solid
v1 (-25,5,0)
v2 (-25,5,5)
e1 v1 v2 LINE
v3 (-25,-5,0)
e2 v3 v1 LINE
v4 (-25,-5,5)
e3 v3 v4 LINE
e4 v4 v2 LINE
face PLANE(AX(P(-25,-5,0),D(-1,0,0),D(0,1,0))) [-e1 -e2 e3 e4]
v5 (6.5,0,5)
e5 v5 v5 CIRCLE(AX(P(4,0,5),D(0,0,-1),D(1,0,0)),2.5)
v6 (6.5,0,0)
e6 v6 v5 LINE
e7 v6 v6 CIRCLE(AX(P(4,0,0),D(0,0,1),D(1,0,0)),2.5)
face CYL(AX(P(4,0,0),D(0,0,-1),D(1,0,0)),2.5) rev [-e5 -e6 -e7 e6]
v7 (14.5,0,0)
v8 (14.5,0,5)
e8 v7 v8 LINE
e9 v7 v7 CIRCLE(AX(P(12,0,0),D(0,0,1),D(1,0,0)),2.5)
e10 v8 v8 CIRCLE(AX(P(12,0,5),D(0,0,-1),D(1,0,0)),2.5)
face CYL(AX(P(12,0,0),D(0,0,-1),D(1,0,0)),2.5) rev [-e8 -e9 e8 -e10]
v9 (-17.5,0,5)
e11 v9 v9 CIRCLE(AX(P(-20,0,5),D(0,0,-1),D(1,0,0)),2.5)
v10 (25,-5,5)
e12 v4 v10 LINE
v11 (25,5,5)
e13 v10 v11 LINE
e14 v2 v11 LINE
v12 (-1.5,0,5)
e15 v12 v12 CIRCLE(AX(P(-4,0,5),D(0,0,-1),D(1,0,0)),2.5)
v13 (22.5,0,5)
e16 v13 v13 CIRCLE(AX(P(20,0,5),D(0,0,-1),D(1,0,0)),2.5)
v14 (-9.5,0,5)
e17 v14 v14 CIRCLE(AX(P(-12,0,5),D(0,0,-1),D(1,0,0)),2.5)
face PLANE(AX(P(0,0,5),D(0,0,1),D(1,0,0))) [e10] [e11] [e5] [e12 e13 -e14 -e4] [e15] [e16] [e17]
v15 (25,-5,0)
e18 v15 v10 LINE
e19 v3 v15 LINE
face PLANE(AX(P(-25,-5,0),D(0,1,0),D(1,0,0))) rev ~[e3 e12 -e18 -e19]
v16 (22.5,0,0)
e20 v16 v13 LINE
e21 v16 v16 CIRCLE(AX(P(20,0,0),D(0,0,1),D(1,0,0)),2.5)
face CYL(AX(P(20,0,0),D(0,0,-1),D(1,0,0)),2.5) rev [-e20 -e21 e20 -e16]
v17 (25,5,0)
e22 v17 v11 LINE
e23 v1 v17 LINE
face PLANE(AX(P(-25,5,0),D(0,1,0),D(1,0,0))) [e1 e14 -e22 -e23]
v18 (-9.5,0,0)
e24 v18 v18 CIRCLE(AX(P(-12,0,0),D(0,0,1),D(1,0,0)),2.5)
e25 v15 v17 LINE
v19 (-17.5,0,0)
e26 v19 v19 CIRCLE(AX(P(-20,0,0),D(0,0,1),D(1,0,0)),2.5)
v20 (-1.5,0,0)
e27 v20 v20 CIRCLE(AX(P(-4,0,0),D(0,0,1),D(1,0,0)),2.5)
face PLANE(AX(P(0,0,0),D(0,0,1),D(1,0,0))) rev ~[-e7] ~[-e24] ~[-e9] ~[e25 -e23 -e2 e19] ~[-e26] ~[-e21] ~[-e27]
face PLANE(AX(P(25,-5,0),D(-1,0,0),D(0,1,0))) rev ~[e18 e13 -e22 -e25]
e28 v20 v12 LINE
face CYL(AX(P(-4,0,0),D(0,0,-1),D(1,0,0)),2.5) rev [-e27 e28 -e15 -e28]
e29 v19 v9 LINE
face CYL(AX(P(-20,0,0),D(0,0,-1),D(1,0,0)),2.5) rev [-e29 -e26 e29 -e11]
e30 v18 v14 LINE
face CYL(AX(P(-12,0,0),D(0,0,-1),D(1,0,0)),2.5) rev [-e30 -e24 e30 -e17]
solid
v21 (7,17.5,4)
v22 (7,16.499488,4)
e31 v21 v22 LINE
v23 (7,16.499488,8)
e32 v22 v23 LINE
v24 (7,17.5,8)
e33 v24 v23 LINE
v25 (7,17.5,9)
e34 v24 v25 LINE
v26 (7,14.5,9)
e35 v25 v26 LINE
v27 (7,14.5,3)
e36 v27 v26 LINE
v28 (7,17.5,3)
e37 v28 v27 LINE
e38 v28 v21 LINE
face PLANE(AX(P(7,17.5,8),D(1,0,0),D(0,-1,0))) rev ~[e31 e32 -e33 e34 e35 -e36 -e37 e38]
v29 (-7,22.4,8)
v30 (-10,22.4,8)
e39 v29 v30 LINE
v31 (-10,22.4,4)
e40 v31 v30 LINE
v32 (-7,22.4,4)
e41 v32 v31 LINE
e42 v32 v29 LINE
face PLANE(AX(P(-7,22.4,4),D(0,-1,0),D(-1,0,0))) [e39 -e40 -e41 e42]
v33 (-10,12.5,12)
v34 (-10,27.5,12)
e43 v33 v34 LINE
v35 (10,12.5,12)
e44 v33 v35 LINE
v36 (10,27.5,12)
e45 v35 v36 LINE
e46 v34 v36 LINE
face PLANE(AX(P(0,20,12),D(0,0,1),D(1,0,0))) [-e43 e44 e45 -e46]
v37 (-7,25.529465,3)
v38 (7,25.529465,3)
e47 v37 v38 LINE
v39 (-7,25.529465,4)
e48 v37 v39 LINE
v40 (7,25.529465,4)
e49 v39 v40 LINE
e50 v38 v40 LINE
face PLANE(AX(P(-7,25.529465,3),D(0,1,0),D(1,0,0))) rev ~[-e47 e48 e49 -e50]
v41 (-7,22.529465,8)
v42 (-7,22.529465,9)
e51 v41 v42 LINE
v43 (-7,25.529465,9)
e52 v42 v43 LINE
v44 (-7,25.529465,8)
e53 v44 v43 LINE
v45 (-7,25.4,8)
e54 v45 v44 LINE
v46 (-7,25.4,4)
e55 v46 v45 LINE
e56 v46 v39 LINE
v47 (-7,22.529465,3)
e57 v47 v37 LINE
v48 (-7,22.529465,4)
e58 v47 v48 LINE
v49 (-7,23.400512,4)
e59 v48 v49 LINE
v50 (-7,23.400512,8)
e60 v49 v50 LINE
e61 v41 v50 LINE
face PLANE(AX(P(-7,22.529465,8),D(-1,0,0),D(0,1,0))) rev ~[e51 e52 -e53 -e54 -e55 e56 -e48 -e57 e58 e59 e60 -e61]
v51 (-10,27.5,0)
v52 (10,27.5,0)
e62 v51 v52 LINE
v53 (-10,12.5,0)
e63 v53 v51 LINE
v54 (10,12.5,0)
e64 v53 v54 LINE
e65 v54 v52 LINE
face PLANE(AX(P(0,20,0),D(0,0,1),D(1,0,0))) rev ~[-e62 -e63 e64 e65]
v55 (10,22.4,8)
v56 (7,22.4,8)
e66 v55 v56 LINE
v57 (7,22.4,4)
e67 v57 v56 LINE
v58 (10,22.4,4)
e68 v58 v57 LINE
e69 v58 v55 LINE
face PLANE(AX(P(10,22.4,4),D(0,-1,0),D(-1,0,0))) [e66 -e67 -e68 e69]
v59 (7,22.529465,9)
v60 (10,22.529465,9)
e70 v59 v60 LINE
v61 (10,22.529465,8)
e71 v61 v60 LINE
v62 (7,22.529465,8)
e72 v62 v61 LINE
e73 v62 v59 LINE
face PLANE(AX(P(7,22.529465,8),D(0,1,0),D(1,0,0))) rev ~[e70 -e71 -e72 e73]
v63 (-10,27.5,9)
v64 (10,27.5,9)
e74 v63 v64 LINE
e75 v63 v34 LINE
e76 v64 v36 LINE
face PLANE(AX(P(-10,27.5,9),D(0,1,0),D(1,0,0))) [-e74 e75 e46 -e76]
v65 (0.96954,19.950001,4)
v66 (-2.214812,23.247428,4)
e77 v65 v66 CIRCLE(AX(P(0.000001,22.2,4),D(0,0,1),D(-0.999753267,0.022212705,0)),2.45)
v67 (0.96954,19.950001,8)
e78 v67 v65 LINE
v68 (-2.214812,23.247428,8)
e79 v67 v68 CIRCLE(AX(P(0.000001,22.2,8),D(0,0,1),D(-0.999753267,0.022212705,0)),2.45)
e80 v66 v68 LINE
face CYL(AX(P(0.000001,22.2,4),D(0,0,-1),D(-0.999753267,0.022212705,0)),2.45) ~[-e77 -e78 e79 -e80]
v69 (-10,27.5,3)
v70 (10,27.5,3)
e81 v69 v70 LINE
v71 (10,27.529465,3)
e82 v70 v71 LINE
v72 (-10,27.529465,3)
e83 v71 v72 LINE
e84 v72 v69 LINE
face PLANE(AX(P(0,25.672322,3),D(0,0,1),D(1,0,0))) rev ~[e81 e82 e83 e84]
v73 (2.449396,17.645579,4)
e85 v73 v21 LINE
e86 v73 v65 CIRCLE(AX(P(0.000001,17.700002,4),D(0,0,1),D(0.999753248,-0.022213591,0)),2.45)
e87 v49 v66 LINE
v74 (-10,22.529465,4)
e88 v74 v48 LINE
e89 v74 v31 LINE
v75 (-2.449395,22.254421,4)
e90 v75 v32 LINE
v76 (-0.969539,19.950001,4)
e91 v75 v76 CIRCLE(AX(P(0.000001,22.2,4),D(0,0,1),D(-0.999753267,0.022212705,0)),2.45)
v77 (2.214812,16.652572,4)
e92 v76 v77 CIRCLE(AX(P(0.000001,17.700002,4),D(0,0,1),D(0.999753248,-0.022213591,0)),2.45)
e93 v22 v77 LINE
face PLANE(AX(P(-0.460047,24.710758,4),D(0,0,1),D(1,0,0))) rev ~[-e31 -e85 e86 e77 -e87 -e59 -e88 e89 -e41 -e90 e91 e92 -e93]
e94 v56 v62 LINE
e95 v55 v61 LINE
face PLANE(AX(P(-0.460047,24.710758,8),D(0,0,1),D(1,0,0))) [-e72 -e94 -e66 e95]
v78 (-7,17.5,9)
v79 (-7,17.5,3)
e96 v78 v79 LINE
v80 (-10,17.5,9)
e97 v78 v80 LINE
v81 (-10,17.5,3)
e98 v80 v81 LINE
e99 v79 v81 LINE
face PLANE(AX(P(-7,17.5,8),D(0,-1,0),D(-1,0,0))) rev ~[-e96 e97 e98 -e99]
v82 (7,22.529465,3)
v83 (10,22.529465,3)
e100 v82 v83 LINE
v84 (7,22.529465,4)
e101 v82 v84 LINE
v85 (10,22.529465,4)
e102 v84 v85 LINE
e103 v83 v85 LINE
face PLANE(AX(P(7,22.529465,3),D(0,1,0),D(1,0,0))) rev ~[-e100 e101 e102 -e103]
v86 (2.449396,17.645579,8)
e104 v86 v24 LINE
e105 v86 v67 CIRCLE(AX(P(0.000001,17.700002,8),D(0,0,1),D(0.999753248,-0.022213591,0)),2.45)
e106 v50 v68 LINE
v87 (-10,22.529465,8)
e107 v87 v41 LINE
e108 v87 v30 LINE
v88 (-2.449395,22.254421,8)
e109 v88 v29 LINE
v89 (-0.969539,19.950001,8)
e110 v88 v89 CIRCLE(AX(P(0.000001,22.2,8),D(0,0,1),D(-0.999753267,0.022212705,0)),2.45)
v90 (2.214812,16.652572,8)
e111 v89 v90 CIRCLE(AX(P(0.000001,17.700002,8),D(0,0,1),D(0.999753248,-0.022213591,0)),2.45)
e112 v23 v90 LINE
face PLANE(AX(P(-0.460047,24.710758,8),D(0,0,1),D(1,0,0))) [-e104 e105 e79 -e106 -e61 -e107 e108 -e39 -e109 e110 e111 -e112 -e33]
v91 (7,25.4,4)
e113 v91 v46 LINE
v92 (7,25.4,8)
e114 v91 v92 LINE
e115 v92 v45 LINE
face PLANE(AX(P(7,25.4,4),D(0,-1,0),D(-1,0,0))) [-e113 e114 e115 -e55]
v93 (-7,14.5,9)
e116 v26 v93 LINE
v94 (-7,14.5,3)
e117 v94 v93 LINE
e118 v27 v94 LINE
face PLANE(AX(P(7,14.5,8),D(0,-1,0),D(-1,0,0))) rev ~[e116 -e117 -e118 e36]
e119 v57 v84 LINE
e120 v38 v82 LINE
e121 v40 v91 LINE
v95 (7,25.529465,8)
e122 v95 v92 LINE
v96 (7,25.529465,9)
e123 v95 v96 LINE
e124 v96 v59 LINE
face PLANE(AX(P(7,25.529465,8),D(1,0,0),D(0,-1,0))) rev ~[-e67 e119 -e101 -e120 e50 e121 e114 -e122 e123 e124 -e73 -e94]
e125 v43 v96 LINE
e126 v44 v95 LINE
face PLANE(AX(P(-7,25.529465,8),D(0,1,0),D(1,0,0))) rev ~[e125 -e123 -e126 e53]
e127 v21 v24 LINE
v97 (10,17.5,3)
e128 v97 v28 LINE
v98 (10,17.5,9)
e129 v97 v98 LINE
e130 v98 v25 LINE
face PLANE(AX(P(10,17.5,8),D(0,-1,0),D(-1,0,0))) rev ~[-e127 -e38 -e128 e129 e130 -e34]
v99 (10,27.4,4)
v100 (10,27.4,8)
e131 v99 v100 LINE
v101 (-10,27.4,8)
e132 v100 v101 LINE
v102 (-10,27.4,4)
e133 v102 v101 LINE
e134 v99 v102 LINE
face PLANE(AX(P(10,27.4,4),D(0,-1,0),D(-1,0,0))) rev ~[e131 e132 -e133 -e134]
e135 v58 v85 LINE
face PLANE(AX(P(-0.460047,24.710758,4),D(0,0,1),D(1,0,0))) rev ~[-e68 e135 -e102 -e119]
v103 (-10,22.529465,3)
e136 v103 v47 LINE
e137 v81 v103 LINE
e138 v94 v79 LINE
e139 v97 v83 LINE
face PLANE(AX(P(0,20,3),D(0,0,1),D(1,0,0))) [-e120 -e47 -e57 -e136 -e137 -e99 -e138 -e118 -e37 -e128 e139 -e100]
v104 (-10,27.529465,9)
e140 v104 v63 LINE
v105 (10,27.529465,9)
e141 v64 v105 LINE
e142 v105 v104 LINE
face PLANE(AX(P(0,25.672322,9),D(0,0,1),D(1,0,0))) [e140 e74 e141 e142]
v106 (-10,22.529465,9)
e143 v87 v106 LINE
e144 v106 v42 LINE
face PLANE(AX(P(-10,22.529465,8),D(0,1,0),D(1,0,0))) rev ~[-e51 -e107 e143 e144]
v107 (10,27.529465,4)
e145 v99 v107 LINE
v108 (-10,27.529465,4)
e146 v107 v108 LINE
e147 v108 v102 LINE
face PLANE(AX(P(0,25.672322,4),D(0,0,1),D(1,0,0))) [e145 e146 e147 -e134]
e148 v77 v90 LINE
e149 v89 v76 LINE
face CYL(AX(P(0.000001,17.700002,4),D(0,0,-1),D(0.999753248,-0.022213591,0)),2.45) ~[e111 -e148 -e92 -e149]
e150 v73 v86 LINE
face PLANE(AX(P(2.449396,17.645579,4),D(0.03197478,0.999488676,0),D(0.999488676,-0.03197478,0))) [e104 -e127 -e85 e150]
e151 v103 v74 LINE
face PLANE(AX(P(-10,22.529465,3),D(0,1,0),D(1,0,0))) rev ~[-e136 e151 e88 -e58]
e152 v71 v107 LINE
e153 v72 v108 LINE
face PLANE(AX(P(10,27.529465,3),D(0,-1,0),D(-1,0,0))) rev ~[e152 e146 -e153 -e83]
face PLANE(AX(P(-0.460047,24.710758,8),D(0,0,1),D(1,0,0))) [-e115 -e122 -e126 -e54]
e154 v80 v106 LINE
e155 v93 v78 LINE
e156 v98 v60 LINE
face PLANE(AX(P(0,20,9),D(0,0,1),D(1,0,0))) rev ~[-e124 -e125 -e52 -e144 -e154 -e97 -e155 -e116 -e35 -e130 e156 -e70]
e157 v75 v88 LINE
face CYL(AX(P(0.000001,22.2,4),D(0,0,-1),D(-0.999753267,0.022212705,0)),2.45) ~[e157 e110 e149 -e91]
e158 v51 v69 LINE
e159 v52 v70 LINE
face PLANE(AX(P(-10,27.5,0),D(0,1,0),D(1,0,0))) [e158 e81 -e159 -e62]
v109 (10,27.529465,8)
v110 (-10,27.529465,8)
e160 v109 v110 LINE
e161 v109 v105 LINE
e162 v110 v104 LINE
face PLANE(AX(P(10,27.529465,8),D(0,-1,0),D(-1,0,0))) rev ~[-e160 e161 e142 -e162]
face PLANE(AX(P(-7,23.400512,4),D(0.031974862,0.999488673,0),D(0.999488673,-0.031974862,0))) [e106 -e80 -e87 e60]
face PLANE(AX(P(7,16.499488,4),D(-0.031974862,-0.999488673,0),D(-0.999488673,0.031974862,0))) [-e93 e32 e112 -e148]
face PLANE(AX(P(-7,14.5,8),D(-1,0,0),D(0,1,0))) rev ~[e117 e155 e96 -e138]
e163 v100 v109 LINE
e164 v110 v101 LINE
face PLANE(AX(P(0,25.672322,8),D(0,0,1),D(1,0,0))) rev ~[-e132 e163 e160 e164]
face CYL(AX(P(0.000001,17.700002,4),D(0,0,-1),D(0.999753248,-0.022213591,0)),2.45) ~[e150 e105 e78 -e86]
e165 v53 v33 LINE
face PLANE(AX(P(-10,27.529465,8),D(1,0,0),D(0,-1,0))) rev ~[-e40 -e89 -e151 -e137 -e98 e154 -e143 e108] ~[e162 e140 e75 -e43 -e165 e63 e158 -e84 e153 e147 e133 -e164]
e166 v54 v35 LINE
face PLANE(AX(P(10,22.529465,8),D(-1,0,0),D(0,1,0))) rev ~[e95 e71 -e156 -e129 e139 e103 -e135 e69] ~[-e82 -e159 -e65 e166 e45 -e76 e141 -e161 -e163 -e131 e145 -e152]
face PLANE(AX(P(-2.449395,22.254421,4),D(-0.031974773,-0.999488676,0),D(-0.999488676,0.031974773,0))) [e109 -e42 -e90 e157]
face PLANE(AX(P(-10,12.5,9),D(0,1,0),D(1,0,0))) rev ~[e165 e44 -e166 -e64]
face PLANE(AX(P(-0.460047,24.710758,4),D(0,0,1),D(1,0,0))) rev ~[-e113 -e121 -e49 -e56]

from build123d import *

# Parameters (mm, degrees)
SKETCH_W            = 50
SKETCH_H            = 10
PAD_DEPTH           = 5
SKETCH001_R         = 2.5
POCKET_DEPTH        = 5.001
LINEARPATTERN_COUNT = 6
LINEARPATTERN_PITCH = 8
SKETCH002_W         = 20
SKETCH002_H         = 15
PAD001_DEPTH        = 3
PAD002_DEPTH        = 1
PAD003_DEPTH        = 4
PAD004_DEPTH        = 1
SKETCH007_W         = 20
SKETCH007_H         = 15
PAD005_DEPTH        = 3
PAD006_DEPTH        = 1
PAD007_DEPTH        = 4
PAD008_DEPTH        = 1


with BuildPart() as body:
    # Sketch → Pad (new body)
    with BuildSketch(Plane.XY):
        Rectangle(SKETCH_W, SKETCH_H)
    extrude(amount=PAD_DEPTH)

    # Sketch001 → Pocket (cut, through all)
    with BuildSketch(Plane.XY):
        with Locations((-20, 0)):
            Circle(SKETCH001_R)
    pocket = extrude(amount=POCKET_DEPTH, mode=Mode.SUBTRACT)

    # LinearPattern: Pocket ×6
    with Locations(*[(i * LINEARPATTERN_PITCH, 0, 0) for i in range(1, LINEARPATTERN_COUNT)]):
        add(pocket, mode=Mode.SUBTRACT)


with BuildPart() as body001:
    # Sketch002 → Pad001 (new body)
    with BuildSketch(Plane.XY):
        with Locations((0, 20)):
            Rectangle(SKETCH002_W, SKETCH002_H)
    extrude(amount=PAD001_DEPTH)

    # Sketch003 (on DatumPlane) → Pad002 (join)
    with BuildSketch(Plane.XY.offset(3)):
        Polygon((-10, 12.5), (10, 12.5), (10, 17.5), (7, 17.5), (7, 14.5), (-7, 14.5), (-7, 17.5), (-10, 17.5), align=None)
    extrude(amount=PAD002_DEPTH)

    # Sketch005 (on DatumPlane) → Pad003 (join)
    with BuildSketch(Plane.XY.offset(4)):
        with BuildLine():
            Line((-10, 12.5), (10, 12.5))
            Line((10, 12.5), (10, 17.5))
            Line((7, 17.5), (10, 17.5))
            Line((2.449396, 17.645579), (7, 17.5))
            ThreePointArc((2.449396, 17.645579), (-2.384371, 18.263272), (2.214812, 16.652572))
            Line((7, 16.499488), (2.214812, 16.652572))
            Line((7, 16.499488), (7, 14.5))
            Line((-7, 14.5), (7, 14.5))
            Line((-7, 17.5), (-7, 14.5))
            Line((-10, 17.5), (-7, 17.5))
            Line((-10, 17.5), (-10, 12.5))
        make_face()
    extrude(amount=PAD003_DEPTH)

    # Sketch006 (on DatumPlane) → Pad004 (join)
    with BuildSketch(Plane.XY.offset(8)):
        Polygon((-10, 12.5), (10, 12.5), (10, 17.5), (7, 17.5), (7, 14.5), (-7, 14.5), (-7, 17.5), (-10, 17.5), align=None)
    extrude(amount=PAD004_DEPTH)

    # Sketch007 (on DatumPlane) → Pad005 (join)
    with BuildSketch(Plane.XY.offset(9)):
        with Locations((0, 20)):
            Rectangle(SKETCH007_W, SKETCH007_H)
    extrude(amount=PAD005_DEPTH)

    # Sketch008 (on DatumPlane) → Pad006 (join)
    with BuildSketch(Plane.XY.offset(3)):
        Polygon((10, 27.529465), (-10, 27.529465), (-10, 22.529465), (-7, 22.529465), (-7, 25.529465), (7, 25.529465), (7, 22.529465), (10, 22.529465), align=None)
    extrude(amount=PAD006_DEPTH)

    # Sketch009 (on DatumPlane) → Pad007 (join)
    with BuildSketch(Plane.XY.offset(4)):
        with BuildLine():
            Line((10, 27.4), (-10, 27.4))
            Line((-10, 27.4), (-10, 22.4))
            Line((-7, 22.4), (-10, 22.4))
            Line((-2.449395, 22.254421), (-7, 22.4))
            ThreePointArc((-2.449395, 22.254421), (2.384372, 21.636728), (-2.214812, 23.247428))
            Line((-7, 23.400512), (-2.214812, 23.247428))
            Line((-7, 23.400512), (-7, 25.4))
            Line((7, 25.4), (-7, 25.4))
            Line((7, 22.4), (7, 25.4))
            Line((10, 22.4), (7, 22.4))
            Line((10, 22.4), (10, 27.4))
        make_face()
    extrude(amount=PAD007_DEPTH)

    # Sketch010 (on DatumPlane) → Pad008 (join)
    with BuildSketch(Plane.XY.offset(8)):
        Polygon((10, 27.529465), (-10, 27.529465), (-10, 22.529465), (-7, 22.529465), (-7, 25.529465), (7, 25.529465), (7, 22.529465), (10, 22.529465), align=None)
    extrude(amount=PAD008_DEPTH)


solid = Compound([body.part, body001.part])
